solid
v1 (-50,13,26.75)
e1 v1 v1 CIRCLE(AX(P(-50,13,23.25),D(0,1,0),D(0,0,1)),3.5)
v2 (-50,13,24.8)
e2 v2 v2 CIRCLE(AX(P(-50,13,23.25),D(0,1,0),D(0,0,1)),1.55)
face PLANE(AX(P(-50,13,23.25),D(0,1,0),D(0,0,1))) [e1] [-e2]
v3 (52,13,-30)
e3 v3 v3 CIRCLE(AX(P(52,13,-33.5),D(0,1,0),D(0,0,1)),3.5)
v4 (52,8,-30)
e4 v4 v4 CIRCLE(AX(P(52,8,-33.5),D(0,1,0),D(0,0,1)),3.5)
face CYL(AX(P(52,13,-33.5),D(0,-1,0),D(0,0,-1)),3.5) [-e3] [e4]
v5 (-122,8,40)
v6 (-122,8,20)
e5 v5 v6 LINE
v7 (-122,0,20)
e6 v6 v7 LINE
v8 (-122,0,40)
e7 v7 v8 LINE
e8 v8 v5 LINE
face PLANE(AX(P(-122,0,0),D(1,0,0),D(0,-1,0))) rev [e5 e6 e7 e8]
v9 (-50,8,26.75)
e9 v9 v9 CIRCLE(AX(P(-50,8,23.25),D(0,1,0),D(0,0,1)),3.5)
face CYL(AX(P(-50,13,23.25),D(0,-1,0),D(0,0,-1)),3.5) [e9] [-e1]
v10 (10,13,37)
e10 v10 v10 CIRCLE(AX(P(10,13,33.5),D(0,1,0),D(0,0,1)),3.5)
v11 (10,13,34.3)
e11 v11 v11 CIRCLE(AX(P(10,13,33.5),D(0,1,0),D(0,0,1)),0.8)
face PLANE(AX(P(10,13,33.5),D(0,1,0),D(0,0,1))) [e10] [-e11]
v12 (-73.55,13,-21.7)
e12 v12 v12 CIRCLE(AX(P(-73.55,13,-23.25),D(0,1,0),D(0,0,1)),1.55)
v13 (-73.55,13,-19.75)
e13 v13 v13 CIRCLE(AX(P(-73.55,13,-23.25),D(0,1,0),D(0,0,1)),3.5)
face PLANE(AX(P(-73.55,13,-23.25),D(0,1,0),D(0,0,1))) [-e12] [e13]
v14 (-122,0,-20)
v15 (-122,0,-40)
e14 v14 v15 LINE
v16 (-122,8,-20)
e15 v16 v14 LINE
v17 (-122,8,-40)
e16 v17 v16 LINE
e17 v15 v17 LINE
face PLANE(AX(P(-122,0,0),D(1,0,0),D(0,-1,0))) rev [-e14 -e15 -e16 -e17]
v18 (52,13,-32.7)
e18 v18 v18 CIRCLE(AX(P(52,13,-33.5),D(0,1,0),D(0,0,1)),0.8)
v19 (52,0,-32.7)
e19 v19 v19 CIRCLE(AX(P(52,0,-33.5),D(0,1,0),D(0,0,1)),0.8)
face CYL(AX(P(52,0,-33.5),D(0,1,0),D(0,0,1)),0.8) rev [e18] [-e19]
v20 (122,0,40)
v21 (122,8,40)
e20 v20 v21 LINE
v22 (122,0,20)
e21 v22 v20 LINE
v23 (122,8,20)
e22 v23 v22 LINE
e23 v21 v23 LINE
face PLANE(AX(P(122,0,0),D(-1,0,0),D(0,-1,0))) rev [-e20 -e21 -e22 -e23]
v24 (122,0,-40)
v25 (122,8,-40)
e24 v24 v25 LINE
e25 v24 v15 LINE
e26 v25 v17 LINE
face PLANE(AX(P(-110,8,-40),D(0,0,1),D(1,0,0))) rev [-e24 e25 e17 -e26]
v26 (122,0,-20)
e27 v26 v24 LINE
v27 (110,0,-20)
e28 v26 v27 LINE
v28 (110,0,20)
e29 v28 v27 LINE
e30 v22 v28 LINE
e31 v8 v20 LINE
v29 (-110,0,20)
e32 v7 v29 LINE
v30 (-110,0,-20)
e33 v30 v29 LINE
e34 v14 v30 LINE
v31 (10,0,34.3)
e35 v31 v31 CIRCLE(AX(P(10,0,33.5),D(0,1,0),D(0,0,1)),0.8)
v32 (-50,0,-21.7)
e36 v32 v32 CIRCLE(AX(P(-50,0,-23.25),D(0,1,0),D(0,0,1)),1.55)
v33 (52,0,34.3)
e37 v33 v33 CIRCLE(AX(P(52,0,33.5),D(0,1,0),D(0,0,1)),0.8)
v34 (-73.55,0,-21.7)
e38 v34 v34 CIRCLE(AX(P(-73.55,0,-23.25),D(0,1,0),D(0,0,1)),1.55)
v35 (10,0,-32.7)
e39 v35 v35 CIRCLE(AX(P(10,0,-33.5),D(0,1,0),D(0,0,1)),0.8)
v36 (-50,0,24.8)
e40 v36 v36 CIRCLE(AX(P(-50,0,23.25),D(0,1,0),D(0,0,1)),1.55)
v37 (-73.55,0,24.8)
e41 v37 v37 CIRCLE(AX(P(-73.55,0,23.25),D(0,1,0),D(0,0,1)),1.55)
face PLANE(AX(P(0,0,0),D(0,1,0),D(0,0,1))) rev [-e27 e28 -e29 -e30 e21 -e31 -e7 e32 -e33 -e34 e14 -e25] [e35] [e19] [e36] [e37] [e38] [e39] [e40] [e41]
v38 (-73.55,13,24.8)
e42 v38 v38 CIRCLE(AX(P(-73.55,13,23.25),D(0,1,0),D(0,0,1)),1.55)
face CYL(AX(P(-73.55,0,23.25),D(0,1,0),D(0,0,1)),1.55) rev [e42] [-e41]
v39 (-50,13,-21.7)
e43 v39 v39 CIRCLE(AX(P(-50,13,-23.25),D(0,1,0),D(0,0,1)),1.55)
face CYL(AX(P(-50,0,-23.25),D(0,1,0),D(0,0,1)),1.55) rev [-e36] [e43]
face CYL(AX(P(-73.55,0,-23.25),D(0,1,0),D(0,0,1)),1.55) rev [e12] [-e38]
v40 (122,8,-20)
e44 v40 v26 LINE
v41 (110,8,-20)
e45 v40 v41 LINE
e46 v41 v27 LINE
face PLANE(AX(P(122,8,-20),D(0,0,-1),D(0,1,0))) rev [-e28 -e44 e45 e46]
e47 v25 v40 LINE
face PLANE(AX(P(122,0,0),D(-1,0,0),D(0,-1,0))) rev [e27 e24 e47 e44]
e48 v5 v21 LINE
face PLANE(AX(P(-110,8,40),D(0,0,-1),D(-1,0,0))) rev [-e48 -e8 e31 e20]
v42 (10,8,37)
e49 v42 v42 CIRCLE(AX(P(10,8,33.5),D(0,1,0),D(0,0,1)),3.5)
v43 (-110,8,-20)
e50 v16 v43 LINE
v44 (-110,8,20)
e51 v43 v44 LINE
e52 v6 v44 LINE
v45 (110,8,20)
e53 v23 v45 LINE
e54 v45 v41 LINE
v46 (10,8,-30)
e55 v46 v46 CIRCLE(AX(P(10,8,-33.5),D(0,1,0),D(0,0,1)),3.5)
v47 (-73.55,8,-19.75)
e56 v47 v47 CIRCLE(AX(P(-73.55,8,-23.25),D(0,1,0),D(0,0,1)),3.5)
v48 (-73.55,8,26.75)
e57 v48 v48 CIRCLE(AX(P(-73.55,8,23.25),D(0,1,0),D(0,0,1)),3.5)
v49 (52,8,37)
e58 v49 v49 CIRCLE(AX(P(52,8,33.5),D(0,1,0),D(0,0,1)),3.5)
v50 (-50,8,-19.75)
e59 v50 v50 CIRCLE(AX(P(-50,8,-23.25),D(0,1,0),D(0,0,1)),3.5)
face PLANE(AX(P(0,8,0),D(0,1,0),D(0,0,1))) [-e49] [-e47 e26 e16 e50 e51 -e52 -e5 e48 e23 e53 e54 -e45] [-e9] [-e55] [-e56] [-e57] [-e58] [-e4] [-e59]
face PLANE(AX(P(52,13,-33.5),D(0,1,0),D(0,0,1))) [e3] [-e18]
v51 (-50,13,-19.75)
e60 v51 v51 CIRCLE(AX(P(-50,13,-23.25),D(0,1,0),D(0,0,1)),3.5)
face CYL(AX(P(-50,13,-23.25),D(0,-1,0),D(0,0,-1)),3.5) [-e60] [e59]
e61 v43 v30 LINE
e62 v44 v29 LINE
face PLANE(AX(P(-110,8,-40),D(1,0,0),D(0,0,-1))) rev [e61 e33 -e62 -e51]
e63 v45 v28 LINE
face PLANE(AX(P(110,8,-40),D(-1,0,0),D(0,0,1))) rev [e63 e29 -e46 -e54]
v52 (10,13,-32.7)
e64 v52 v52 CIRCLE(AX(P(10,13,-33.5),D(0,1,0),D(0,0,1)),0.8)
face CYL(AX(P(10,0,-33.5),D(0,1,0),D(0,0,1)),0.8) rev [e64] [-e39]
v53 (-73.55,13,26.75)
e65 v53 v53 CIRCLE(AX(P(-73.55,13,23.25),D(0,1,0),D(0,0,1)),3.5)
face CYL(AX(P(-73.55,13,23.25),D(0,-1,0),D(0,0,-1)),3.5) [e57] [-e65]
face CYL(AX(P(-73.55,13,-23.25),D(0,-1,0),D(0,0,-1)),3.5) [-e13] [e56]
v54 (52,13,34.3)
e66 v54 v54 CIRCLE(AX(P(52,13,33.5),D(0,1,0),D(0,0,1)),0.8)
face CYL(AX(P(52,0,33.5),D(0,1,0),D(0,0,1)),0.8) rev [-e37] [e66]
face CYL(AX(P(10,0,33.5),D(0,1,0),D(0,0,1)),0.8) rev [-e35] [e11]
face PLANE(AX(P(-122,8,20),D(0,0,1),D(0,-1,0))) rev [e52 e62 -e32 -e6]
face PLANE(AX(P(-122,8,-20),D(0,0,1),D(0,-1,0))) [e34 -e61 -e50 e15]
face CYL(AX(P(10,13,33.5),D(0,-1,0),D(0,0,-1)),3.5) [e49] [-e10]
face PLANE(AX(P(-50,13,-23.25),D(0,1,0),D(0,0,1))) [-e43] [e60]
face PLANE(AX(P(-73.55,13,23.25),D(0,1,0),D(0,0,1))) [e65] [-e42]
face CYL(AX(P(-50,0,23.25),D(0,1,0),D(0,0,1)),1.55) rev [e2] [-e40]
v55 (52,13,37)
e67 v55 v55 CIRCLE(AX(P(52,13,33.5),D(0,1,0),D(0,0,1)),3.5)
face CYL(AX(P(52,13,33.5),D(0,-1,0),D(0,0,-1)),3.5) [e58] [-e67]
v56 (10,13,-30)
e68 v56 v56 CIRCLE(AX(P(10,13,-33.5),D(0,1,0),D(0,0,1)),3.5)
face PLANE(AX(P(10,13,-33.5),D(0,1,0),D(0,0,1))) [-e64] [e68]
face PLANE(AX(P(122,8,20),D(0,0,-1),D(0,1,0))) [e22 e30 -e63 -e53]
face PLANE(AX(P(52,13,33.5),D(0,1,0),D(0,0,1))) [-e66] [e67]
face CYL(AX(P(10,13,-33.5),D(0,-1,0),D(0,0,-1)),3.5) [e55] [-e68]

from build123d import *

# Parameters (mm, degrees)
SKETCH2_W                                  = 220
SKETCH2_H                                  = 80
MAIN_DEPTH                                 = 8
SKETCH3_W                                  = 20
SKETCH3_H                                  = 8
TAB_DEPTH                                  = 12
MIRROR1_AT_THE_SECOND_PLANE_COPY_1_SKETC_W = 20
MIRROR1_AT_THE_SECOND_PLANE_COPY_1_SKETC_H = 8
MIRROR1_AT_THE_SECOND_PLANE_COPY_1_DEPTH   = 12
SKETCH4_R                                  = 0.8
SKETCH4_R_2                                = 1.55
PCB_HOLES_DEPTH                            = 129.639029847
PCB_START                                  = 5
SKETCH5_R                                  = 3.5
SKETCH5_R_2                                = 1.55
SKETCH5_R_3                                = 0.8
PCB_PEGS_DEPTH                             = 5


with BuildPart() as part:
    # Sketch2 → Main (new body)
    with BuildSketch(Plane(origin=(0, 0, 0), x_dir=(1, 0, 0), z_dir=(0, 1, 0))):
        Rectangle(SKETCH2_W, SKETCH2_H)
    extrude(amount=MAIN_DEPTH)

    # Sketch3 → Tab (add)
    with BuildSketch(Plane(origin=(110, 0, 0), x_dir=(0, 0, -1), z_dir=(1, 0, 0))):
        with Locations((30, 4)):
            Rectangle(SKETCH3_W, SKETCH3_H)
    tab = extrude(amount=TAB_DEPTH)

    # Mirror1: Tab across plane
    add(tab.mirror(Plane(origin=(0, 0, 0), x_dir=(0, 0, 1), z_dir=(1, 0, 0))))

    # Mirror1 at the second plane: Tab across plane
    add(tab.mirror(Plane.XY))

    # Mirror1 at the second plane copy 1 sketc → Mirror1 at the second plane copy 1 (add)
    with BuildSketch(Plane.ZY.offset(110)):
        with Locations((30, 4)):
            Rectangle(MIRROR1_AT_THE_SECOND_PLANE_COPY_1_SKETC_W, MIRROR1_AT_THE_SECOND_PLANE_COPY_1_SKETC_H)
    extrude(amount=MIRROR1_AT_THE_SECOND_PLANE_COPY_1_DEPTH)

    # Sketch4 → PCB holes (cut, through all)
    with BuildSketch(Plane(origin=(0, 8, 0), x_dir=(1, 0, 0), z_dir=(0, 1, 0))):
        with Locations(Location((10, 33.5, 0), (0, 0, 270))):
            Circle(SKETCH4_R)
        with Locations(Location((52, 33.5, 0), (0, 0, 270))):
            Circle(SKETCH4_R)
        with Locations(Location((52, -33.5, 0), (0, 0, 270))):
            Circle(SKETCH4_R)
        with Locations(Location((10, -33.5, 0), (0, 0, 270))):
            Circle(SKETCH4_R)
        with Locations(Location((-73.55, 23.25, 0), (0, 0, 270))):
            Circle(SKETCH4_R_2)
        with Locations(Location((-50, 23.25, 0), (0, 0, 270))):
            Circle(SKETCH4_R_2)
        with Locations(Location((-50, -23.25, 0), (0, 0, 270))):
            Circle(SKETCH4_R_2)
        with Locations(Location((-73.55, -23.25, 0), (0, 0, 270))):
            Circle(SKETCH4_R_2)
    extrude(amount=-PCB_HOLES_DEPTH, mode=Mode.SUBTRACT)

    # Sketch5 → PCB pegs (add)
    # profile 1 of 8: a face of its own
    with BuildSketch(Plane(origin=(0, 8, 0), x_dir=(1, 0, 0), z_dir=(0, 1, 0)).offset(PCB_START)):
        with Locations(Location((-73.55, 23.25, 0), (0, 0, 270))):
            Circle(SKETCH5_R)
        with Locations(Location((-73.55, 23.25, 0), (0, 0, 270))):
            Circle(SKETCH5_R_2, mode=Mode.SUBTRACT)
    # profile 2 of 8: a face of its own
    with BuildSketch(Plane(origin=(0, 8, 0), x_dir=(1, 0, 0), z_dir=(0, 1, 0)).offset(PCB_START)):
        with Locations(Location((-50, 23.25, 0), (0, 0, 270))):
            Circle(SKETCH5_R)
        with Locations(Location((-50, 23.25, 0), (0, 0, 270))):
            Circle(SKETCH5_R_2, mode=Mode.SUBTRACT)
    # profile 3 of 8: a face of its own
    with BuildSketch(Plane(origin=(0, 8, 0), x_dir=(1, 0, 0), z_dir=(0, 1, 0)).offset(PCB_START)):
        with Locations(Location((-73.55, -23.25, 0), (0, 0, 270))):
            Circle(SKETCH5_R)
        with Locations(Location((-73.55, -23.25, 0), (0, 0, 270))):
            Circle(SKETCH5_R_2, mode=Mode.SUBTRACT)
    # profile 4 of 8: a face of its own
    with BuildSketch(Plane(origin=(0, 8, 0), x_dir=(1, 0, 0), z_dir=(0, 1, 0)).offset(PCB_START)):
        with Locations(Location((-50, -23.25, 0), (0, 0, 270))):
            Circle(SKETCH5_R)
        with Locations(Location((-50, -23.25, 0), (0, 0, 270))):
            Circle(SKETCH5_R_2, mode=Mode.SUBTRACT)
    # profile 5 of 8: a face of its own
    with BuildSketch(Plane(origin=(0, 8, 0), x_dir=(1, 0, 0), z_dir=(0, 1, 0)).offset(PCB_START)):
        with Locations(Location((10, -33.5, 0), (0, 0, 270))):
            Circle(SKETCH5_R)
        with Locations(Location((10, -33.5, 0), (0, 0, 270))):
            Circle(SKETCH5_R_3, mode=Mode.SUBTRACT)
    # profile 6 of 8: a face of its own
    with BuildSketch(Plane(origin=(0, 8, 0), x_dir=(1, 0, 0), z_dir=(0, 1, 0)).offset(PCB_START)):
        with Locations(Location((52, -33.5, 0), (0, 0, 270))):
            Circle(SKETCH5_R)
        with Locations(Location((52, -33.5, 0), (0, 0, 270))):
            Circle(SKETCH5_R_3, mode=Mode.SUBTRACT)
    # profile 7 of 8: a face of its own
    with BuildSketch(Plane(origin=(0, 8, 0), x_dir=(1, 0, 0), z_dir=(0, 1, 0)).offset(PCB_START)):
        with Locations(Location((52, 33.5, 0), (0, 0, 270))):
            Circle(SKETCH5_R)
        with Locations(Location((52, 33.5, 0), (0, 0, 270))):
            Circle(SKETCH5_R_3, mode=Mode.SUBTRACT)
    # profile 8 of 8: a face of its own
    with BuildSketch(Plane(origin=(0, 8, 0), x_dir=(1, 0, 0), z_dir=(0, 1, 0)).offset(PCB_START)):
        with Locations(Location((10, 33.5, 0), (0, 0, 270))):
            Circle(SKETCH5_R)
        with Locations(Location((10, 33.5, 0), (0, 0, 270))):
            Circle(SKETCH5_R_3, mode=Mode.SUBTRACT)
    extrude(amount=-PCB_PEGS_DEPTH)


solid = part.part
